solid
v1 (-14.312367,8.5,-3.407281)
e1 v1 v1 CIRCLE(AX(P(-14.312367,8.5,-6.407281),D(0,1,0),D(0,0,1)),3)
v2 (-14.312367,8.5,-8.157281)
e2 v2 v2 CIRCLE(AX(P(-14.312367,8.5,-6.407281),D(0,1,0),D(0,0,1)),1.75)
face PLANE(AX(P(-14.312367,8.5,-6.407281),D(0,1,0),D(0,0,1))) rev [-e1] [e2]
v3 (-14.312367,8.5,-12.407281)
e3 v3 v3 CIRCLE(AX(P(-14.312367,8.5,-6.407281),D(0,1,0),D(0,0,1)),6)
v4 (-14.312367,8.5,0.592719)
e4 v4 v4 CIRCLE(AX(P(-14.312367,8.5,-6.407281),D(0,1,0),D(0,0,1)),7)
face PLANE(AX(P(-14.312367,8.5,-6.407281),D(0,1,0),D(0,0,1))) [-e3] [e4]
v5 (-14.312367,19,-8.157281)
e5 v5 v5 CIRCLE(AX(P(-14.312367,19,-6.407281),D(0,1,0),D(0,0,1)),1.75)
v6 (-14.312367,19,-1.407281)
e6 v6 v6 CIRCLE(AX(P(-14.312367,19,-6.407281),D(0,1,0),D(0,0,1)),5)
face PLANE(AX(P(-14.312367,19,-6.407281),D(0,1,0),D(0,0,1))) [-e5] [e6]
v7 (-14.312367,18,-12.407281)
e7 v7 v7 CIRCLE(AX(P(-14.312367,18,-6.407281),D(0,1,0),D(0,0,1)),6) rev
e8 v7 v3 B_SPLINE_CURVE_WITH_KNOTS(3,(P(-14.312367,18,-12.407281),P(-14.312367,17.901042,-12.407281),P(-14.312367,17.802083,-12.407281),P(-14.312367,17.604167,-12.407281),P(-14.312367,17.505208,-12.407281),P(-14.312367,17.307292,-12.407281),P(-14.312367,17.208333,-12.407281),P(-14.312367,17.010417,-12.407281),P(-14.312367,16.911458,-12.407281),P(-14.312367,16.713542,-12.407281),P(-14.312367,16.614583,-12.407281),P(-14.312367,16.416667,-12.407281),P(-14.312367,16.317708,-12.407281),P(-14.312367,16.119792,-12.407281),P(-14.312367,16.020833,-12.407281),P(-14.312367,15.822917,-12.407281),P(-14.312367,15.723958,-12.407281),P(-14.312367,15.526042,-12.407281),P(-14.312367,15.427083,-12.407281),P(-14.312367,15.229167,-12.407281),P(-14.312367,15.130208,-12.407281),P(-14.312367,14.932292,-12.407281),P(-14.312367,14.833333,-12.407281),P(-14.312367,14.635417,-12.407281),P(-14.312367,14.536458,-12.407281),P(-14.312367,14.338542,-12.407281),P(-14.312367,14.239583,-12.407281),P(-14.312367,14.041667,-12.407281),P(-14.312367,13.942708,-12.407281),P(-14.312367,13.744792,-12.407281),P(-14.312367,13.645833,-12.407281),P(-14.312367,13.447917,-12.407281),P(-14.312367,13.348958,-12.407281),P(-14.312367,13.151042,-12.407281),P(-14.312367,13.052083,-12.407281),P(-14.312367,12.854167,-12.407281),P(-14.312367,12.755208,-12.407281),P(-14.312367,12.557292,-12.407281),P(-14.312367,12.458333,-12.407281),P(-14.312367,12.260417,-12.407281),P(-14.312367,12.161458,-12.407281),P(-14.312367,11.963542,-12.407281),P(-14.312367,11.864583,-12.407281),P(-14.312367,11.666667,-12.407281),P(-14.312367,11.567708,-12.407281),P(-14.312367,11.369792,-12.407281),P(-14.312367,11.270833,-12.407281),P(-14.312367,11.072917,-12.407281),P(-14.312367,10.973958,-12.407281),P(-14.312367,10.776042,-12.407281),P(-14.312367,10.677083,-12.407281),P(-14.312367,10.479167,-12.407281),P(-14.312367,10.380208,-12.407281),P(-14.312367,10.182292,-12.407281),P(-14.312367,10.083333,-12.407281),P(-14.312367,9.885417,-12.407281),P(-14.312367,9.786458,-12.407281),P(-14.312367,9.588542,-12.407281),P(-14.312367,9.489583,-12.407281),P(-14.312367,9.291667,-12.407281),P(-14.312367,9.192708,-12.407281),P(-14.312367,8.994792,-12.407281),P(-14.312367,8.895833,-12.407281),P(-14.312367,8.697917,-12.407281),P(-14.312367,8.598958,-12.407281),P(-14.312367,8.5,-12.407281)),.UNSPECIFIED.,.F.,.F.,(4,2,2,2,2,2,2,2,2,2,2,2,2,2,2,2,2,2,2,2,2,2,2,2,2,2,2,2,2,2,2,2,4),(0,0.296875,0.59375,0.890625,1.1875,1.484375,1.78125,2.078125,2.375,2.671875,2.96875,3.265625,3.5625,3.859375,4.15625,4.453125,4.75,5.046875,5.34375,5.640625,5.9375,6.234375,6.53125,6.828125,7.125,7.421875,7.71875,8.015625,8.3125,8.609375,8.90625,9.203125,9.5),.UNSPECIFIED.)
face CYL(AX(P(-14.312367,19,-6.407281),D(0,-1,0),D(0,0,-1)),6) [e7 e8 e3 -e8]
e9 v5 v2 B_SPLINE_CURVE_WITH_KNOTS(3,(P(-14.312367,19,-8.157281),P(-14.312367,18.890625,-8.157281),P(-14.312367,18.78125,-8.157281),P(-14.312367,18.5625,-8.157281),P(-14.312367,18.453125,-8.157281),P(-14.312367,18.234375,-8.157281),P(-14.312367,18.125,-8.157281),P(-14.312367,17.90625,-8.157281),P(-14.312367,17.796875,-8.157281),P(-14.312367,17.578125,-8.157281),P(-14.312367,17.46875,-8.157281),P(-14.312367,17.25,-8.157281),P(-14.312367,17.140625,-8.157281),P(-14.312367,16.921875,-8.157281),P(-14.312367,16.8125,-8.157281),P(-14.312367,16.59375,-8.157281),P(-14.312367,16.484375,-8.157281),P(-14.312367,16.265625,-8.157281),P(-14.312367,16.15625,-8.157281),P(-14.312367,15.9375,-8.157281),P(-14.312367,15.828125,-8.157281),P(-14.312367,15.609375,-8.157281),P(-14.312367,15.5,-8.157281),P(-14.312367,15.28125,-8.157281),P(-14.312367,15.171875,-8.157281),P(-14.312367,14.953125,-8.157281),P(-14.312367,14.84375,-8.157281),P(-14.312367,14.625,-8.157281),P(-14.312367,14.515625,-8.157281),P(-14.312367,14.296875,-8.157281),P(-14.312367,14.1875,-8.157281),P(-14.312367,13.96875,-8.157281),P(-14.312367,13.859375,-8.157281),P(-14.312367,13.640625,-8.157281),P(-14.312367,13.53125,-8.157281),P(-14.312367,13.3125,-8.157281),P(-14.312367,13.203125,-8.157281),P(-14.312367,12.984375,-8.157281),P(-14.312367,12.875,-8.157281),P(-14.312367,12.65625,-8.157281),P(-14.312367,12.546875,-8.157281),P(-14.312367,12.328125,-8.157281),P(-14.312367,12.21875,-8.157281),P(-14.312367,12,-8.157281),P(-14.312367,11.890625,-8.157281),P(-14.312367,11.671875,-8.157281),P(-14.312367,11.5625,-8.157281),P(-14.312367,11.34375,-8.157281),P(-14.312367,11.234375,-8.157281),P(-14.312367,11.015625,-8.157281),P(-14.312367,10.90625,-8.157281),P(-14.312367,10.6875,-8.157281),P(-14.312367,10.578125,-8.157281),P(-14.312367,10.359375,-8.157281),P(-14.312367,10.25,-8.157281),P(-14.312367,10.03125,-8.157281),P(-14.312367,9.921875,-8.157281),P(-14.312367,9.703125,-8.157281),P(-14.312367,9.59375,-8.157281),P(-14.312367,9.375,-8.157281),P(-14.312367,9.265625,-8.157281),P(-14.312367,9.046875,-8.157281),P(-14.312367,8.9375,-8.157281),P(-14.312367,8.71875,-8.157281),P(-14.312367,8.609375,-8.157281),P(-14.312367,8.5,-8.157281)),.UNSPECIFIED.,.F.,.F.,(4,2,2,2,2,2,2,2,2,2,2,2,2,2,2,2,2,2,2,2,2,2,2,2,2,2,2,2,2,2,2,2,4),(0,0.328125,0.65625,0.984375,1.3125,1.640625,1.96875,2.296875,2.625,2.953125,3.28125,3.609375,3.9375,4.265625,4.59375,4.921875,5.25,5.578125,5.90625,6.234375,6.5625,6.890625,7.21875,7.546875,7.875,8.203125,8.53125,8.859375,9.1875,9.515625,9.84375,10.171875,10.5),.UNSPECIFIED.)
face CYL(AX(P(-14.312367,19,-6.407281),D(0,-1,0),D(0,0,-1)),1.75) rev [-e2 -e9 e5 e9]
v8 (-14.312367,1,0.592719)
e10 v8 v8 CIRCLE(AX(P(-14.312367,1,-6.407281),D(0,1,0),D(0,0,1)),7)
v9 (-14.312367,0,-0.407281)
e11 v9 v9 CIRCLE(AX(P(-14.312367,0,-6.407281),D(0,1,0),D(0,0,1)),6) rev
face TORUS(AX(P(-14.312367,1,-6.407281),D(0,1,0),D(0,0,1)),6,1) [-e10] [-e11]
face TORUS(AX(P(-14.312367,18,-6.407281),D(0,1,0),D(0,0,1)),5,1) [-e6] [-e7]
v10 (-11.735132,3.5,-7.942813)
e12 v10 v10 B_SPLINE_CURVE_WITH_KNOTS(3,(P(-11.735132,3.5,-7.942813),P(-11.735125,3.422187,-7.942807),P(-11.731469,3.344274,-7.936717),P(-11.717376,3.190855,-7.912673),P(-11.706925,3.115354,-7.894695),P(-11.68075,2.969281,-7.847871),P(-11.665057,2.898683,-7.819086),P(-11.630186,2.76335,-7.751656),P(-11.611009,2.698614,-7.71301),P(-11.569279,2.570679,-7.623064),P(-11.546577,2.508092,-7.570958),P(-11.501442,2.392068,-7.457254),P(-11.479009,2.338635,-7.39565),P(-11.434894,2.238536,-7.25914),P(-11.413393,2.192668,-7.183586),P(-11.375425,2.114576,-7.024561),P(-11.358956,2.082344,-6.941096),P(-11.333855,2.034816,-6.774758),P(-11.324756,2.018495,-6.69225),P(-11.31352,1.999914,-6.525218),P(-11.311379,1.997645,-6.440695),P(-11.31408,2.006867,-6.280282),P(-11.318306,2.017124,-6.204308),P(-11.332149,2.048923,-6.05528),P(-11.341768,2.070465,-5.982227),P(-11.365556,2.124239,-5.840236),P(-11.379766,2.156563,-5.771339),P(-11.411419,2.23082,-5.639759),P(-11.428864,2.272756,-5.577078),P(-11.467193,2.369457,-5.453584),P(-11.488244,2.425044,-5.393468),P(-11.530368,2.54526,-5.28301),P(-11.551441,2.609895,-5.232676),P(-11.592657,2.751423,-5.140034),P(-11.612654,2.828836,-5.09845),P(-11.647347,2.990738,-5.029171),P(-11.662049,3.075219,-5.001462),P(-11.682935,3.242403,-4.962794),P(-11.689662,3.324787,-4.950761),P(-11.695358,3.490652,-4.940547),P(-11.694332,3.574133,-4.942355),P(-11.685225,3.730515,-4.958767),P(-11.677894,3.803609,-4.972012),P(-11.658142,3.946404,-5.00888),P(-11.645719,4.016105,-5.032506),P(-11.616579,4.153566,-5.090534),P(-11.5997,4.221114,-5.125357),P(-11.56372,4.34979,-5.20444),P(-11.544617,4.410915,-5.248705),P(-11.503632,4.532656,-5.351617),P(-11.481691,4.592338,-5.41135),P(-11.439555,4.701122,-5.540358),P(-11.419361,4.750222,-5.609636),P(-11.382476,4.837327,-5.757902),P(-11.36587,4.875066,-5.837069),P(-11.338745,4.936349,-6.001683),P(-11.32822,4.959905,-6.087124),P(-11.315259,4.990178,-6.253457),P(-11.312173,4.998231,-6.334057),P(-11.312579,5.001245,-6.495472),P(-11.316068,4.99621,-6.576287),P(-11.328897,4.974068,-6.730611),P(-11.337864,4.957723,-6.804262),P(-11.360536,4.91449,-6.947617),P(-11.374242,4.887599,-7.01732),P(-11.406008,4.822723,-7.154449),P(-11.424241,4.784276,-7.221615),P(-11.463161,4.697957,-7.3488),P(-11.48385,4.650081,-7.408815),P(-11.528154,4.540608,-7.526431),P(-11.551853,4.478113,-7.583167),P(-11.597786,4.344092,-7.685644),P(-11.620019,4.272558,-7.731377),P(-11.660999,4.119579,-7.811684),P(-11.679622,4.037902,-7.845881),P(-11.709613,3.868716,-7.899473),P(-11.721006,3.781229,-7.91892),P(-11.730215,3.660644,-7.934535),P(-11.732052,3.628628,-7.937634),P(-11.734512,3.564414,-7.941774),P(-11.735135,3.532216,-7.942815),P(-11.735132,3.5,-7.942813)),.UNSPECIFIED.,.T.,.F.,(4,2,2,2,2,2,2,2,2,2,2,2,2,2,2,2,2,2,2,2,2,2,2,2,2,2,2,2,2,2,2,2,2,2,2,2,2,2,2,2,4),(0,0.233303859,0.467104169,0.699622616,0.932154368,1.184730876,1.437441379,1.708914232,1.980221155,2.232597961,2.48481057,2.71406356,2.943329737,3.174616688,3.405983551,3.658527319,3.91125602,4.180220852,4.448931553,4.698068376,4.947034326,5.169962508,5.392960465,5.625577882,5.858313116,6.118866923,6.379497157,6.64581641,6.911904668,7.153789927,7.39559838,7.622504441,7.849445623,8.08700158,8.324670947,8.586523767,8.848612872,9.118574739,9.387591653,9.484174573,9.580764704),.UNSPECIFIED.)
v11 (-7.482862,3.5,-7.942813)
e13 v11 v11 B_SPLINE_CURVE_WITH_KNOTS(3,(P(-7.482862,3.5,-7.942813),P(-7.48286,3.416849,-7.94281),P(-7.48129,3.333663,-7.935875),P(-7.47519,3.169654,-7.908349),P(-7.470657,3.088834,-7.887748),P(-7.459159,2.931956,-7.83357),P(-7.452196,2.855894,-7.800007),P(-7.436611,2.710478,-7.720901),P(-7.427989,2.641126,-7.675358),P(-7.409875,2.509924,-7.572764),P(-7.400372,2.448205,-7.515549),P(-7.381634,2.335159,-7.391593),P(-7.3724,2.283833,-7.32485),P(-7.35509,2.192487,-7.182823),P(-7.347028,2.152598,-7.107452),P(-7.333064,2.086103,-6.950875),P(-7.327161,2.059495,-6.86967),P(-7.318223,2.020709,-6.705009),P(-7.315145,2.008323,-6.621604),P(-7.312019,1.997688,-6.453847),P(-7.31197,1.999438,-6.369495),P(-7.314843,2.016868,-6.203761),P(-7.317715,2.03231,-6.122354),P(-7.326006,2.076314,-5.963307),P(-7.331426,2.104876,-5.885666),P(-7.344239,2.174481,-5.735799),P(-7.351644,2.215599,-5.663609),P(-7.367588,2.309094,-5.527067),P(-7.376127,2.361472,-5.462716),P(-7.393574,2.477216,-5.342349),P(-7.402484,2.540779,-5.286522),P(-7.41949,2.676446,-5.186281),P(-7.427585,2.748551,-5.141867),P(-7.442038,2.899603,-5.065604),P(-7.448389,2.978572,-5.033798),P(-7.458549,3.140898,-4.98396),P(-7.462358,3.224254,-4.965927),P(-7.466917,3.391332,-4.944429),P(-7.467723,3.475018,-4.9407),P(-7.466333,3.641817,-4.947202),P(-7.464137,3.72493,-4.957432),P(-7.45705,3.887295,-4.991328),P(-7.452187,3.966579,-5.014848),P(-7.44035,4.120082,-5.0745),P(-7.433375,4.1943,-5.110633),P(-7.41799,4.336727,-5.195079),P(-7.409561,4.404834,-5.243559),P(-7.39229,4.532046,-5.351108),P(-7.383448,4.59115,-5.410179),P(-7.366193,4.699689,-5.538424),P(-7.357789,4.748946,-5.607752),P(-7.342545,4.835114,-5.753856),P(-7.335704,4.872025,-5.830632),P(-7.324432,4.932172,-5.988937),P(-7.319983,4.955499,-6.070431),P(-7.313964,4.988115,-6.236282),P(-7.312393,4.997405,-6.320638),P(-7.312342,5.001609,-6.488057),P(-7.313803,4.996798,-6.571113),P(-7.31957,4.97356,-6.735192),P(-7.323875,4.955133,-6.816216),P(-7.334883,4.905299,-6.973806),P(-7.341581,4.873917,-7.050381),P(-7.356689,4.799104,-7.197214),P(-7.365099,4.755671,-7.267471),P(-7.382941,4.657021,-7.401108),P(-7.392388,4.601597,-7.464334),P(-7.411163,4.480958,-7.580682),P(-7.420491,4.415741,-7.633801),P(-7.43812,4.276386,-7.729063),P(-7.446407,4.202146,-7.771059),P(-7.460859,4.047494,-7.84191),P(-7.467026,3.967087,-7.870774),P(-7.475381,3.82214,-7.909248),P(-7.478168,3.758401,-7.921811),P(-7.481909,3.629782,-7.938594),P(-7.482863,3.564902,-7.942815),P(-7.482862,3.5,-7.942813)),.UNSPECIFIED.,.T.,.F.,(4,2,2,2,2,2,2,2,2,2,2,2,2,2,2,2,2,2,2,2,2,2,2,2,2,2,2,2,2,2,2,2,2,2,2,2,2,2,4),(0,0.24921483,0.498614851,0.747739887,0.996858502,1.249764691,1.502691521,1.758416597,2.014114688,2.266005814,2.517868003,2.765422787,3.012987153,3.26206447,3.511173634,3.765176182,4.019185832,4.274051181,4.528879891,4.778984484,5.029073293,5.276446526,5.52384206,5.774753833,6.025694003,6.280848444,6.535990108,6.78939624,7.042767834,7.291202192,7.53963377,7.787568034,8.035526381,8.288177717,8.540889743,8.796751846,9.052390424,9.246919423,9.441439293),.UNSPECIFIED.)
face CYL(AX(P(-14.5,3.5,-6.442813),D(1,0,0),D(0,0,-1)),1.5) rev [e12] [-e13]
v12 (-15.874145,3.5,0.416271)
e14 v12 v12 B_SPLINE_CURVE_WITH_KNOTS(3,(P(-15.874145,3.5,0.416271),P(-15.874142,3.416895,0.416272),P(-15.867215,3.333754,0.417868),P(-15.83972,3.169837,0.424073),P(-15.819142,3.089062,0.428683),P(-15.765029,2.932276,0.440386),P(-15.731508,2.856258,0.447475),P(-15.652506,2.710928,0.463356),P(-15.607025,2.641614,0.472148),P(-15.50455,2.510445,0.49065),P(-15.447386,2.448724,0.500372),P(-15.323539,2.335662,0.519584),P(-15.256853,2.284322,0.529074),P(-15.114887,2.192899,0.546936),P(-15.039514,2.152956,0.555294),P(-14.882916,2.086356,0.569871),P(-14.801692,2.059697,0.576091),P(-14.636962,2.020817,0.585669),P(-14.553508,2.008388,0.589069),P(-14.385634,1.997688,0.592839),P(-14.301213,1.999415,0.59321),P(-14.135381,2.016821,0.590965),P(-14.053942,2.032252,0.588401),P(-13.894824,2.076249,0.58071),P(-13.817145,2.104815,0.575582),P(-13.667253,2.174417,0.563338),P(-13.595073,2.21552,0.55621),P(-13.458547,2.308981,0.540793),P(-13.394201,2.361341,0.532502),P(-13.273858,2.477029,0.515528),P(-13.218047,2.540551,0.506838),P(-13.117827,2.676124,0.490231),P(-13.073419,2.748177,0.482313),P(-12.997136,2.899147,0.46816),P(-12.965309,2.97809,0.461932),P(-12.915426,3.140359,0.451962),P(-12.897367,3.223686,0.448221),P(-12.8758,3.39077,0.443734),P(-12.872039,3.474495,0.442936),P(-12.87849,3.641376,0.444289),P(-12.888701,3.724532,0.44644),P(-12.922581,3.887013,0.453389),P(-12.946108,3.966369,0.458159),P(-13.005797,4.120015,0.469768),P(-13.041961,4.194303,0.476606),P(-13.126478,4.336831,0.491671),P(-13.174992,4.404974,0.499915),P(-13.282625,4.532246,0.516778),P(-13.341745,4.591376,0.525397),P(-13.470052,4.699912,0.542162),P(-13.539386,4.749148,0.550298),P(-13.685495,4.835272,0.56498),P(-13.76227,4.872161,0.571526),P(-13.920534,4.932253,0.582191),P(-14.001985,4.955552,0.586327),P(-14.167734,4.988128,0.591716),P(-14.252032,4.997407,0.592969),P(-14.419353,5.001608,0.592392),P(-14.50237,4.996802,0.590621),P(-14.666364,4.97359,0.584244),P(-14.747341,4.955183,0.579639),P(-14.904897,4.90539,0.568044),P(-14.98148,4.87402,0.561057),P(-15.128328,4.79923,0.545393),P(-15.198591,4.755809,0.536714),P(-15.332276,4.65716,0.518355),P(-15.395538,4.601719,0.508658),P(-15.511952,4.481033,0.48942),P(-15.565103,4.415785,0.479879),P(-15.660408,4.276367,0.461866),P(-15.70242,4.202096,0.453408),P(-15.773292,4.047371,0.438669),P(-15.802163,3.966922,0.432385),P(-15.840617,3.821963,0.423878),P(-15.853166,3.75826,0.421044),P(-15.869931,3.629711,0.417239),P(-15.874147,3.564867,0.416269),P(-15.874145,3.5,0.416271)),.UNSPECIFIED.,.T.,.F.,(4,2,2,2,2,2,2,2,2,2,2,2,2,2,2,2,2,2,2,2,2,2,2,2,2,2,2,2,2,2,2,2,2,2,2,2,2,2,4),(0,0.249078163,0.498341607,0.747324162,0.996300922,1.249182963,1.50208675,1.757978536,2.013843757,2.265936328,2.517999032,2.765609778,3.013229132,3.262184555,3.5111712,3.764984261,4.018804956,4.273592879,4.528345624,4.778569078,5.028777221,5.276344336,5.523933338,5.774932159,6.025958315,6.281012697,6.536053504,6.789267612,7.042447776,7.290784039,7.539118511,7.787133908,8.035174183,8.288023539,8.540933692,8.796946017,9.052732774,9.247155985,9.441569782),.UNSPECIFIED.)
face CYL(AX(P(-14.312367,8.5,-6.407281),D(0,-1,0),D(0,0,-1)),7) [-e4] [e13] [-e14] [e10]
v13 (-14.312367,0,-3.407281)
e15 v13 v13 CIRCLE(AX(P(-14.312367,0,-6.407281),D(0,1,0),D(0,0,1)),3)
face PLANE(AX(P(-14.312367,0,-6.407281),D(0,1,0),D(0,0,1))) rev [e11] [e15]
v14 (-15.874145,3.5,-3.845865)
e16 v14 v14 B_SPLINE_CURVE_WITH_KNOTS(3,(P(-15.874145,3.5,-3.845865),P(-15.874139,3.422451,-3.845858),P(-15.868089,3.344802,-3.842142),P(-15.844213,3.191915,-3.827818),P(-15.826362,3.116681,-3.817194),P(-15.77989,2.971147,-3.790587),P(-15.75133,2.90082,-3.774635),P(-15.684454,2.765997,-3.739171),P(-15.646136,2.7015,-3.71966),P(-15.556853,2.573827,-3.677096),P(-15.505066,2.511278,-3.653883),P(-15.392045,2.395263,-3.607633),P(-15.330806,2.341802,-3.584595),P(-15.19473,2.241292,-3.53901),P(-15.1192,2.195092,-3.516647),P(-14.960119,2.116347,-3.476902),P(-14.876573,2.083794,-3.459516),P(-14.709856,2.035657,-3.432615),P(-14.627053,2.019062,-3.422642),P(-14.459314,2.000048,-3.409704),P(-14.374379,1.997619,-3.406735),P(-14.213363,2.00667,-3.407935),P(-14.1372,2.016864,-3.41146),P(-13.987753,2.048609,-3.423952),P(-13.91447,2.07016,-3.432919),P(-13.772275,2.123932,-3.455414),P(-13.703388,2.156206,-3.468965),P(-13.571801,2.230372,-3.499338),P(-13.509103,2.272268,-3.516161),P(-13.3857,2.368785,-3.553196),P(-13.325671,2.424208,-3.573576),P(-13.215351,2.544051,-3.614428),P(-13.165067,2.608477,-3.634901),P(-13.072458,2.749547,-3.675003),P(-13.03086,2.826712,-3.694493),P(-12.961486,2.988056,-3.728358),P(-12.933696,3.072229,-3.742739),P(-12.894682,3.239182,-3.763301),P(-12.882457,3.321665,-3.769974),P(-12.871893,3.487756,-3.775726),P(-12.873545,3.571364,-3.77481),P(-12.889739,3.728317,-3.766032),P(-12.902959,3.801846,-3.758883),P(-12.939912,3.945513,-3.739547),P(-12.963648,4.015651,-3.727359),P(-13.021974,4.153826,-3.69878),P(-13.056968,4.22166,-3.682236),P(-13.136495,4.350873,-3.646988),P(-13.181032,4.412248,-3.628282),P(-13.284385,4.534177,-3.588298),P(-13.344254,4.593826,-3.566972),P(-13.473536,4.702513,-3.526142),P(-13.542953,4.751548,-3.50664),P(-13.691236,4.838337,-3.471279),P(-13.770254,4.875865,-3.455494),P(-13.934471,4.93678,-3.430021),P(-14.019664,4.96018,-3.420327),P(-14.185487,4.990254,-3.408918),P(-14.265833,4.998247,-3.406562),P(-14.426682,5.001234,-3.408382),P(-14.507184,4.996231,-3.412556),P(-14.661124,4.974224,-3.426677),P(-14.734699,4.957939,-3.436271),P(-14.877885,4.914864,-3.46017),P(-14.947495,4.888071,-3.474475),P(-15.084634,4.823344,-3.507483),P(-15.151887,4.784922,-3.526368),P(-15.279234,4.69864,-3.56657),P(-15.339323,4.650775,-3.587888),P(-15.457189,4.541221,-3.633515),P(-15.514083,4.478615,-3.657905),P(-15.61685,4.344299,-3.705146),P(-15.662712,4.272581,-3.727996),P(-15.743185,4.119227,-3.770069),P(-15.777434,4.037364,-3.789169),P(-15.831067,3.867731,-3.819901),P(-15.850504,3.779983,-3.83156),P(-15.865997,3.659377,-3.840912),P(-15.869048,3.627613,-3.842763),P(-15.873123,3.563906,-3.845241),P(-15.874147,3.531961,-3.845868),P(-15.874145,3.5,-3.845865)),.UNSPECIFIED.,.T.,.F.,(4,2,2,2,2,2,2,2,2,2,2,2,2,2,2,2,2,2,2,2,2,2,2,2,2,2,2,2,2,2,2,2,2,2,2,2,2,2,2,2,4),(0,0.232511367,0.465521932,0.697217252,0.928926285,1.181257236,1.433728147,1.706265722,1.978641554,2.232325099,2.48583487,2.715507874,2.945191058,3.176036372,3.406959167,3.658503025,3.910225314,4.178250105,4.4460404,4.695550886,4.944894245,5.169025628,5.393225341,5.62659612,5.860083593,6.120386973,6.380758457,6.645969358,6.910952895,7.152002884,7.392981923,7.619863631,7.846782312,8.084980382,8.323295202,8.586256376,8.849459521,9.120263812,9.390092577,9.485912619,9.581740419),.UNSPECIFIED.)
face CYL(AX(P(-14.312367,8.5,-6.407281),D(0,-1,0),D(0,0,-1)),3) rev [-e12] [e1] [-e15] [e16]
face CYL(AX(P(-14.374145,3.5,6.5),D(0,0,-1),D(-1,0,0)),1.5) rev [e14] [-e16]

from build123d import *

# Parameters (mm, degrees)
SKETCH_1_R               = 7
SKETCH_1_R_2             = 3
EXTRUDE_1_DEPTH          = 8.5
SKETCH_2_R               = 6
SKETCH_2_R_2             = 1.75
EXTRUDE_2_DEPTH          = 10.5
FILLET_1_R               = 1
SKETCH_3_R               = 1.5
CUT_EXTRUDE_1_DEPTH      = 14.5
CUT_EXTRUDE_2_DEPTH      = 6.5
CUT_EXTRUDE_2_DEPTH_BACK = 6.5
SKETCH_4_R               = 1.5


with BuildPart() as part:
    # 草图1 → 凸台-拉伸1 (new body)
    with BuildSketch(Plane(origin=(0, 0, 0), x_dir=(1, 0, 0), z_dir=(0, 1, 0))):
        with Locations((-14.312366838, 6.407280503)):
            Circle(SKETCH_1_R)
        with Locations((-14.312366838, 6.407280503)):
            Circle(SKETCH_1_R_2, mode=Mode.SUBTRACT)
    extrude(amount=EXTRUDE_1_DEPTH)

    # 草图2 → 凸台-拉伸2 (add)
    with BuildSketch(Plane(origin=(0, 8.5, 0), x_dir=(1, 0, 0), z_dir=(0, 1, 0))):
        with Locations((-14.312366838, 6.407280503)):
            Circle(SKETCH_2_R)
        with Locations((-14.312366838, 6.407280503)):
            Circle(SKETCH_2_R_2, mode=Mode.SUBTRACT)
    extrude(amount=EXTRUDE_2_DEPTH)

    # 圆角1
    fillet_1_edges = [part.edges().sort_by_distance(p)[0] for p in [
        (-21.312366838, 0, -6.407280503),
        (-20.312366838, 19, -6.407280503),
    ]]
    fillet(fillet_1_edges, radius=FILLET_1_R)

    # 草图3 → 切除-拉伸1 (cut)
    with BuildSketch(Plane(origin=(0, 0, 0), x_dir=(0, 0, -1), z_dir=(1, 0, 0))):
        with Locations((6.442812973, 3.5)):
            Circle(SKETCH_3_R)
    extrude(amount=-CUT_EXTRUDE_1_DEPTH, mode=Mode.SUBTRACT)

    # 草图4 → 切除-拉伸2 (cut, two sides: drawn at the far end of the back side and taken through both)
    with BuildSketch(Plane.XY.offset(-CUT_EXTRUDE_2_DEPTH_BACK)):
        with Locations((-14.374144883, 3.5)):
            Circle(SKETCH_4_R)
    extrude(amount=CUT_EXTRUDE_2_DEPTH + CUT_EXTRUDE_2_DEPTH_BACK, mode=Mode.SUBTRACT)


solid = part.part
